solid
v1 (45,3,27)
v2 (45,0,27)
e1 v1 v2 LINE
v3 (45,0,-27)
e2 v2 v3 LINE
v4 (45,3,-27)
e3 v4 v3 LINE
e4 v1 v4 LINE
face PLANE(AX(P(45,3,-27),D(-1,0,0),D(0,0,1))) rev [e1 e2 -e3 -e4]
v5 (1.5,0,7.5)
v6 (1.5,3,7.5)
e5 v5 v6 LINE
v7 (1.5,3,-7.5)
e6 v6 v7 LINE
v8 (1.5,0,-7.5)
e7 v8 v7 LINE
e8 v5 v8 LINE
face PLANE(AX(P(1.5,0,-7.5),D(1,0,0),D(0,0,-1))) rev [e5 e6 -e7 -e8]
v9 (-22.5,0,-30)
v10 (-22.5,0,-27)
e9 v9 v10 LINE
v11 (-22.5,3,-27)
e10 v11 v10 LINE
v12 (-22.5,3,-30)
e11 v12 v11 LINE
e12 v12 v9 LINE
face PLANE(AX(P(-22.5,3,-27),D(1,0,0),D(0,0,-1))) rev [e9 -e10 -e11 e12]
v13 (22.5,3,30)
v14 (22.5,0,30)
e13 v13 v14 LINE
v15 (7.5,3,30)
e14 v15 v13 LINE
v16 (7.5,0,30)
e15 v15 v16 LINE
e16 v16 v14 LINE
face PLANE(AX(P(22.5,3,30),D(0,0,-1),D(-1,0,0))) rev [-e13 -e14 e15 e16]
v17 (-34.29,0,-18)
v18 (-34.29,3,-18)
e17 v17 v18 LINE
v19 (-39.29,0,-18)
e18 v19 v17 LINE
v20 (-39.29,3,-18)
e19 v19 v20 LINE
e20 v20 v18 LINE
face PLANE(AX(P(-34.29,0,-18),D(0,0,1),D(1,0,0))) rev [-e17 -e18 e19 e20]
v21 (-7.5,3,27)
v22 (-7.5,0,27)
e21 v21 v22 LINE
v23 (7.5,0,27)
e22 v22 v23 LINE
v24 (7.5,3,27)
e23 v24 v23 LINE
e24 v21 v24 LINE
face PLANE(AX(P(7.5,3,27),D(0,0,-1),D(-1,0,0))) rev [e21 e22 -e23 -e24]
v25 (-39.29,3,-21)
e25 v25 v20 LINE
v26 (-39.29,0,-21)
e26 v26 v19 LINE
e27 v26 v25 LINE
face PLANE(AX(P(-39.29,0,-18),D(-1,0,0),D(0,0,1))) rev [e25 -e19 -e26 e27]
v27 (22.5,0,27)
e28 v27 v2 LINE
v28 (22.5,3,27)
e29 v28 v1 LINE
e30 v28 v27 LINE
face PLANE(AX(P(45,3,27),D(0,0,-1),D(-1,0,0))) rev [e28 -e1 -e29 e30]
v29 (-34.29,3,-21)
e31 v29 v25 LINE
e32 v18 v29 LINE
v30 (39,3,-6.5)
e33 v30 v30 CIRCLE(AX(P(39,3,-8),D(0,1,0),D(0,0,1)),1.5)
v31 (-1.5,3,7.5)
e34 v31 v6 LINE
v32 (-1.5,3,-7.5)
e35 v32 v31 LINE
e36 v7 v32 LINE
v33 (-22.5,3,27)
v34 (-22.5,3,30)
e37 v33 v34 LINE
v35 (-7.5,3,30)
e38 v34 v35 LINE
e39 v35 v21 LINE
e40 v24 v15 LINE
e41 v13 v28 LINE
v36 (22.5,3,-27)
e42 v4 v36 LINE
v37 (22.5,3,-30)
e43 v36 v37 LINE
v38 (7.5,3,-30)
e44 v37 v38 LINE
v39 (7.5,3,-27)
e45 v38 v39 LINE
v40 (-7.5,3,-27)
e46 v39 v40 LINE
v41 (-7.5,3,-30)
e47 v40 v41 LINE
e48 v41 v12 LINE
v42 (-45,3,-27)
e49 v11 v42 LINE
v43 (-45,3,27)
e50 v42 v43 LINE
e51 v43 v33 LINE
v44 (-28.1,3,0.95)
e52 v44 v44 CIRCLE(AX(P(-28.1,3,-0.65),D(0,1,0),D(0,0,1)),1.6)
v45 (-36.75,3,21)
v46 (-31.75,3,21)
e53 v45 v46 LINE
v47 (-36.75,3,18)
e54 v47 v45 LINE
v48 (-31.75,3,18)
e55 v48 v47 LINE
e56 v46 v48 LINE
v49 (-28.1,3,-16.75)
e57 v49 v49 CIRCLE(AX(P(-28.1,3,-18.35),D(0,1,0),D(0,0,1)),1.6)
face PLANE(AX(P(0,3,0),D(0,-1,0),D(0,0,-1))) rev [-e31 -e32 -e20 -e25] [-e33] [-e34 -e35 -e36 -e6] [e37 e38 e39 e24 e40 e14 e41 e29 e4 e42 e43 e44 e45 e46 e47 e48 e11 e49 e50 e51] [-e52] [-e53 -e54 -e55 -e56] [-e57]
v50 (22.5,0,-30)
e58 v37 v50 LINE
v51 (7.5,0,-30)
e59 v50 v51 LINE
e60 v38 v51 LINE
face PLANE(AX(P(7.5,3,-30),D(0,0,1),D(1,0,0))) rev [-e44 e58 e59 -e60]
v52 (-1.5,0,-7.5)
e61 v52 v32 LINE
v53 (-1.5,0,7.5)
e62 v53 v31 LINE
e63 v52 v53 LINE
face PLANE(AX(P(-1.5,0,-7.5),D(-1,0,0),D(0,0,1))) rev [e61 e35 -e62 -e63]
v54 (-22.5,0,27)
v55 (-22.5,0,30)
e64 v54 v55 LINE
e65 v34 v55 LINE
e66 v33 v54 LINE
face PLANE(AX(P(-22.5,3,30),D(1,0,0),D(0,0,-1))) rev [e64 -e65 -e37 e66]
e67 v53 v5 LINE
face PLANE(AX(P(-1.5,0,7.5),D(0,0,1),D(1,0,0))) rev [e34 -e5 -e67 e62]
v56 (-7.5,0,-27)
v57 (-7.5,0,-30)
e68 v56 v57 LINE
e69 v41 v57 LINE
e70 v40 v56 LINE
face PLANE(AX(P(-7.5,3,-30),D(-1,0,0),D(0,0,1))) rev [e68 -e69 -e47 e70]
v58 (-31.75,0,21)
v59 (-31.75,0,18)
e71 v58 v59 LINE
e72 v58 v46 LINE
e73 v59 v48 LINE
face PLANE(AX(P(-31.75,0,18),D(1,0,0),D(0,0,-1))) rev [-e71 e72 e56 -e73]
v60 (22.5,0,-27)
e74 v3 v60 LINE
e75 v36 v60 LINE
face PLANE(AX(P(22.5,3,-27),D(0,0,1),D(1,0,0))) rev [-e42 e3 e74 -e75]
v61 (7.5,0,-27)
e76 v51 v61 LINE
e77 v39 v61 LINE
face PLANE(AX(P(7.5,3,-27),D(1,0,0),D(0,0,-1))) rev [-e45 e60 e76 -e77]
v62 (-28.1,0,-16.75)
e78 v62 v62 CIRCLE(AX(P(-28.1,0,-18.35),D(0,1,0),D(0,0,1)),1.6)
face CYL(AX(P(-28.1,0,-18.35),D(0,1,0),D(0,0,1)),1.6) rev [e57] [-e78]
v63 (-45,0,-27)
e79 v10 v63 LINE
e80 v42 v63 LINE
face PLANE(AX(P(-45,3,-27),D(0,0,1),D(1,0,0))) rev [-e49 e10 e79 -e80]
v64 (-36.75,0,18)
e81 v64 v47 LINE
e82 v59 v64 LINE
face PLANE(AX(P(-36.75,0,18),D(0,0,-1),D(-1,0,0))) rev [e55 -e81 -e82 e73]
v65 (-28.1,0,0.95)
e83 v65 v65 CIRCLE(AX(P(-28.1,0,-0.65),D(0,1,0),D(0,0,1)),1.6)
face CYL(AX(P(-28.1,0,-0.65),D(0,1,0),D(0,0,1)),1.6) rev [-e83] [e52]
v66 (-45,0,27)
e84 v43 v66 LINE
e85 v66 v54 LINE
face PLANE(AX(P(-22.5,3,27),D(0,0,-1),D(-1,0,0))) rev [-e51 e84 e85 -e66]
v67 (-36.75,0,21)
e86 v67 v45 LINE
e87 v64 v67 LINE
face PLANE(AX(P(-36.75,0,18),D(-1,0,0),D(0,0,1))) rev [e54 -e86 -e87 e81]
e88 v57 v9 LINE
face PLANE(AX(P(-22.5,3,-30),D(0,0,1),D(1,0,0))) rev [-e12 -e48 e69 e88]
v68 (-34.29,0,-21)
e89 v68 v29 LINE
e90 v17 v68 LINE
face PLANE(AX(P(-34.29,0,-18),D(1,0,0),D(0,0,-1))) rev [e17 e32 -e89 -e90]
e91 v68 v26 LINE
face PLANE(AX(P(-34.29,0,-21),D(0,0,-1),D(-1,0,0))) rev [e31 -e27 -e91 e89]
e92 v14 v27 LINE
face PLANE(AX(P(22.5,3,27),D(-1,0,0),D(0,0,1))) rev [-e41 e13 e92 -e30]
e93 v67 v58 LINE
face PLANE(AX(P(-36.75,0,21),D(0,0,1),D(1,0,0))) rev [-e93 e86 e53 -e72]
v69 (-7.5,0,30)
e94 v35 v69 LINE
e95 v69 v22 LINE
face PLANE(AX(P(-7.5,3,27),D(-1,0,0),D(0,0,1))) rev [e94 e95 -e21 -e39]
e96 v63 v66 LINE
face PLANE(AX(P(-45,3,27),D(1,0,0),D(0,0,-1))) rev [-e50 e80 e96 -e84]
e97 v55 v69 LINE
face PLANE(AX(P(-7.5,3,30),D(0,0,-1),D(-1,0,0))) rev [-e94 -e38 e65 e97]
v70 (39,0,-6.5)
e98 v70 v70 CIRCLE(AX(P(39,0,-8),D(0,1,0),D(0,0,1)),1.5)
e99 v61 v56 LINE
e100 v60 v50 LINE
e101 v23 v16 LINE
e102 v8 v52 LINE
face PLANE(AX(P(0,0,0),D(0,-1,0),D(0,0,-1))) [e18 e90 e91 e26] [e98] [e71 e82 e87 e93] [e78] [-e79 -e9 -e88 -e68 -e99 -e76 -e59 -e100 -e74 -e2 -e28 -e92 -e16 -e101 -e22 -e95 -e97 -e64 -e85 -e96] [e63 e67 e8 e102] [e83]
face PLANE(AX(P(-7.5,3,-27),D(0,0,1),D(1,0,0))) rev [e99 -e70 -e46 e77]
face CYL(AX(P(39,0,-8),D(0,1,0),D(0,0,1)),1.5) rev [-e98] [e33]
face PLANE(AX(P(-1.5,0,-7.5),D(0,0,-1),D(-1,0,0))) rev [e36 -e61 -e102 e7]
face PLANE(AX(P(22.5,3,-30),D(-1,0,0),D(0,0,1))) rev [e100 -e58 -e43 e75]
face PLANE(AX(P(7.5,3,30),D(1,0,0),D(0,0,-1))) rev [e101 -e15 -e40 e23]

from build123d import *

# Parameters (mm, degrees)
BOSS_EXTRUDE1_DEPTH = 3
SKETCH3_W           = 5
SKETCH3_H           = 3
CUT_EXTRUDE2_DEPTH  = 55.166410256
SKETCH4_W           = 3
SKETCH4_H           = 15
CUT_EXTRUDE3_DEPTH  = 55.166410256
SKETCH5_R           = 1.5
CUT_EXTRUDE4_DEPTH  = 55.166410256
SKETCH6_R           = 1.6
CUT_EXTRUDE5_DEPTH  = 55.166410256


with BuildPart() as part:
    # Sketch1 → Boss-Extrude1 (new body)
    with BuildSketch(Plane(origin=(0, 0, 0), x_dir=(1, 0, 0), z_dir=(0, 1, 0))):
        Polygon((-45, 27), (-22.5, 27), (-22.5, 30), (-7.5, 30), (-7.5, 27), (7.5, 27), (7.5, 30), (22.5, 30), (22.5, 27), (45, 27), (45, -27), (22.5, -27), (22.5, -30), (7.5, -30), (7.5, -27), (-7.5, -27), (-7.5, -30), (-22.5, -30), (-22.5, -27), (-45, -27), align=None)
    extrude(amount=BOSS_EXTRUDE1_DEPTH)

    # Sketch3 → Cut-Extrude2 (cut, through all)
    with BuildSketch(Plane(origin=(0, 3, 0), x_dir=(1, 0, 0), z_dir=(0, 1, 0))):
        with Locations((-34.25, -19.5)):
            Rectangle(SKETCH3_W, SKETCH3_H)
        with Locations((-36.79, 19.5)):
            Rectangle(SKETCH3_W, SKETCH3_H)
    extrude(amount=-CUT_EXTRUDE2_DEPTH, mode=Mode.SUBTRACT)

    # Sketch4 → Cut-Extrude3 (cut, through all)
    with BuildSketch(Plane(origin=(0, 3, 0), x_dir=(1, 0, 0), z_dir=(0, 1, 0))):
        Rectangle(SKETCH4_W, SKETCH4_H)
    extrude(amount=-CUT_EXTRUDE3_DEPTH, mode=Mode.SUBTRACT)

    # Sketch5 → Cut-Extrude4 (cut, through all)
    with BuildSketch(Plane(origin=(0, 3, 0), x_dir=(1, 0, 0), z_dir=(0, 1, 0))):
        with Locations(Location((39, 8, 0), (0, 0, 270))):
            Circle(SKETCH5_R)
    extrude(amount=-CUT_EXTRUDE4_DEPTH, mode=Mode.SUBTRACT)

    # Sketch6 → Cut-Extrude5 (cut, through all)
    with BuildSketch(Plane(origin=(0, 3, 0), x_dir=(1, 0, 0), z_dir=(0, 1, 0))):
        with Locations(Location((-28.1, 18.35, 0), (0, 0, 270))):
            Circle(SKETCH6_R)
        with Locations(Location((-28.1, 0.65, 0), (0, 0, 270))):
            Circle(SKETCH6_R)
    extrude(amount=-CUT_EXTRUDE5_DEPTH, mode=Mode.SUBTRACT)


solid = part.part
